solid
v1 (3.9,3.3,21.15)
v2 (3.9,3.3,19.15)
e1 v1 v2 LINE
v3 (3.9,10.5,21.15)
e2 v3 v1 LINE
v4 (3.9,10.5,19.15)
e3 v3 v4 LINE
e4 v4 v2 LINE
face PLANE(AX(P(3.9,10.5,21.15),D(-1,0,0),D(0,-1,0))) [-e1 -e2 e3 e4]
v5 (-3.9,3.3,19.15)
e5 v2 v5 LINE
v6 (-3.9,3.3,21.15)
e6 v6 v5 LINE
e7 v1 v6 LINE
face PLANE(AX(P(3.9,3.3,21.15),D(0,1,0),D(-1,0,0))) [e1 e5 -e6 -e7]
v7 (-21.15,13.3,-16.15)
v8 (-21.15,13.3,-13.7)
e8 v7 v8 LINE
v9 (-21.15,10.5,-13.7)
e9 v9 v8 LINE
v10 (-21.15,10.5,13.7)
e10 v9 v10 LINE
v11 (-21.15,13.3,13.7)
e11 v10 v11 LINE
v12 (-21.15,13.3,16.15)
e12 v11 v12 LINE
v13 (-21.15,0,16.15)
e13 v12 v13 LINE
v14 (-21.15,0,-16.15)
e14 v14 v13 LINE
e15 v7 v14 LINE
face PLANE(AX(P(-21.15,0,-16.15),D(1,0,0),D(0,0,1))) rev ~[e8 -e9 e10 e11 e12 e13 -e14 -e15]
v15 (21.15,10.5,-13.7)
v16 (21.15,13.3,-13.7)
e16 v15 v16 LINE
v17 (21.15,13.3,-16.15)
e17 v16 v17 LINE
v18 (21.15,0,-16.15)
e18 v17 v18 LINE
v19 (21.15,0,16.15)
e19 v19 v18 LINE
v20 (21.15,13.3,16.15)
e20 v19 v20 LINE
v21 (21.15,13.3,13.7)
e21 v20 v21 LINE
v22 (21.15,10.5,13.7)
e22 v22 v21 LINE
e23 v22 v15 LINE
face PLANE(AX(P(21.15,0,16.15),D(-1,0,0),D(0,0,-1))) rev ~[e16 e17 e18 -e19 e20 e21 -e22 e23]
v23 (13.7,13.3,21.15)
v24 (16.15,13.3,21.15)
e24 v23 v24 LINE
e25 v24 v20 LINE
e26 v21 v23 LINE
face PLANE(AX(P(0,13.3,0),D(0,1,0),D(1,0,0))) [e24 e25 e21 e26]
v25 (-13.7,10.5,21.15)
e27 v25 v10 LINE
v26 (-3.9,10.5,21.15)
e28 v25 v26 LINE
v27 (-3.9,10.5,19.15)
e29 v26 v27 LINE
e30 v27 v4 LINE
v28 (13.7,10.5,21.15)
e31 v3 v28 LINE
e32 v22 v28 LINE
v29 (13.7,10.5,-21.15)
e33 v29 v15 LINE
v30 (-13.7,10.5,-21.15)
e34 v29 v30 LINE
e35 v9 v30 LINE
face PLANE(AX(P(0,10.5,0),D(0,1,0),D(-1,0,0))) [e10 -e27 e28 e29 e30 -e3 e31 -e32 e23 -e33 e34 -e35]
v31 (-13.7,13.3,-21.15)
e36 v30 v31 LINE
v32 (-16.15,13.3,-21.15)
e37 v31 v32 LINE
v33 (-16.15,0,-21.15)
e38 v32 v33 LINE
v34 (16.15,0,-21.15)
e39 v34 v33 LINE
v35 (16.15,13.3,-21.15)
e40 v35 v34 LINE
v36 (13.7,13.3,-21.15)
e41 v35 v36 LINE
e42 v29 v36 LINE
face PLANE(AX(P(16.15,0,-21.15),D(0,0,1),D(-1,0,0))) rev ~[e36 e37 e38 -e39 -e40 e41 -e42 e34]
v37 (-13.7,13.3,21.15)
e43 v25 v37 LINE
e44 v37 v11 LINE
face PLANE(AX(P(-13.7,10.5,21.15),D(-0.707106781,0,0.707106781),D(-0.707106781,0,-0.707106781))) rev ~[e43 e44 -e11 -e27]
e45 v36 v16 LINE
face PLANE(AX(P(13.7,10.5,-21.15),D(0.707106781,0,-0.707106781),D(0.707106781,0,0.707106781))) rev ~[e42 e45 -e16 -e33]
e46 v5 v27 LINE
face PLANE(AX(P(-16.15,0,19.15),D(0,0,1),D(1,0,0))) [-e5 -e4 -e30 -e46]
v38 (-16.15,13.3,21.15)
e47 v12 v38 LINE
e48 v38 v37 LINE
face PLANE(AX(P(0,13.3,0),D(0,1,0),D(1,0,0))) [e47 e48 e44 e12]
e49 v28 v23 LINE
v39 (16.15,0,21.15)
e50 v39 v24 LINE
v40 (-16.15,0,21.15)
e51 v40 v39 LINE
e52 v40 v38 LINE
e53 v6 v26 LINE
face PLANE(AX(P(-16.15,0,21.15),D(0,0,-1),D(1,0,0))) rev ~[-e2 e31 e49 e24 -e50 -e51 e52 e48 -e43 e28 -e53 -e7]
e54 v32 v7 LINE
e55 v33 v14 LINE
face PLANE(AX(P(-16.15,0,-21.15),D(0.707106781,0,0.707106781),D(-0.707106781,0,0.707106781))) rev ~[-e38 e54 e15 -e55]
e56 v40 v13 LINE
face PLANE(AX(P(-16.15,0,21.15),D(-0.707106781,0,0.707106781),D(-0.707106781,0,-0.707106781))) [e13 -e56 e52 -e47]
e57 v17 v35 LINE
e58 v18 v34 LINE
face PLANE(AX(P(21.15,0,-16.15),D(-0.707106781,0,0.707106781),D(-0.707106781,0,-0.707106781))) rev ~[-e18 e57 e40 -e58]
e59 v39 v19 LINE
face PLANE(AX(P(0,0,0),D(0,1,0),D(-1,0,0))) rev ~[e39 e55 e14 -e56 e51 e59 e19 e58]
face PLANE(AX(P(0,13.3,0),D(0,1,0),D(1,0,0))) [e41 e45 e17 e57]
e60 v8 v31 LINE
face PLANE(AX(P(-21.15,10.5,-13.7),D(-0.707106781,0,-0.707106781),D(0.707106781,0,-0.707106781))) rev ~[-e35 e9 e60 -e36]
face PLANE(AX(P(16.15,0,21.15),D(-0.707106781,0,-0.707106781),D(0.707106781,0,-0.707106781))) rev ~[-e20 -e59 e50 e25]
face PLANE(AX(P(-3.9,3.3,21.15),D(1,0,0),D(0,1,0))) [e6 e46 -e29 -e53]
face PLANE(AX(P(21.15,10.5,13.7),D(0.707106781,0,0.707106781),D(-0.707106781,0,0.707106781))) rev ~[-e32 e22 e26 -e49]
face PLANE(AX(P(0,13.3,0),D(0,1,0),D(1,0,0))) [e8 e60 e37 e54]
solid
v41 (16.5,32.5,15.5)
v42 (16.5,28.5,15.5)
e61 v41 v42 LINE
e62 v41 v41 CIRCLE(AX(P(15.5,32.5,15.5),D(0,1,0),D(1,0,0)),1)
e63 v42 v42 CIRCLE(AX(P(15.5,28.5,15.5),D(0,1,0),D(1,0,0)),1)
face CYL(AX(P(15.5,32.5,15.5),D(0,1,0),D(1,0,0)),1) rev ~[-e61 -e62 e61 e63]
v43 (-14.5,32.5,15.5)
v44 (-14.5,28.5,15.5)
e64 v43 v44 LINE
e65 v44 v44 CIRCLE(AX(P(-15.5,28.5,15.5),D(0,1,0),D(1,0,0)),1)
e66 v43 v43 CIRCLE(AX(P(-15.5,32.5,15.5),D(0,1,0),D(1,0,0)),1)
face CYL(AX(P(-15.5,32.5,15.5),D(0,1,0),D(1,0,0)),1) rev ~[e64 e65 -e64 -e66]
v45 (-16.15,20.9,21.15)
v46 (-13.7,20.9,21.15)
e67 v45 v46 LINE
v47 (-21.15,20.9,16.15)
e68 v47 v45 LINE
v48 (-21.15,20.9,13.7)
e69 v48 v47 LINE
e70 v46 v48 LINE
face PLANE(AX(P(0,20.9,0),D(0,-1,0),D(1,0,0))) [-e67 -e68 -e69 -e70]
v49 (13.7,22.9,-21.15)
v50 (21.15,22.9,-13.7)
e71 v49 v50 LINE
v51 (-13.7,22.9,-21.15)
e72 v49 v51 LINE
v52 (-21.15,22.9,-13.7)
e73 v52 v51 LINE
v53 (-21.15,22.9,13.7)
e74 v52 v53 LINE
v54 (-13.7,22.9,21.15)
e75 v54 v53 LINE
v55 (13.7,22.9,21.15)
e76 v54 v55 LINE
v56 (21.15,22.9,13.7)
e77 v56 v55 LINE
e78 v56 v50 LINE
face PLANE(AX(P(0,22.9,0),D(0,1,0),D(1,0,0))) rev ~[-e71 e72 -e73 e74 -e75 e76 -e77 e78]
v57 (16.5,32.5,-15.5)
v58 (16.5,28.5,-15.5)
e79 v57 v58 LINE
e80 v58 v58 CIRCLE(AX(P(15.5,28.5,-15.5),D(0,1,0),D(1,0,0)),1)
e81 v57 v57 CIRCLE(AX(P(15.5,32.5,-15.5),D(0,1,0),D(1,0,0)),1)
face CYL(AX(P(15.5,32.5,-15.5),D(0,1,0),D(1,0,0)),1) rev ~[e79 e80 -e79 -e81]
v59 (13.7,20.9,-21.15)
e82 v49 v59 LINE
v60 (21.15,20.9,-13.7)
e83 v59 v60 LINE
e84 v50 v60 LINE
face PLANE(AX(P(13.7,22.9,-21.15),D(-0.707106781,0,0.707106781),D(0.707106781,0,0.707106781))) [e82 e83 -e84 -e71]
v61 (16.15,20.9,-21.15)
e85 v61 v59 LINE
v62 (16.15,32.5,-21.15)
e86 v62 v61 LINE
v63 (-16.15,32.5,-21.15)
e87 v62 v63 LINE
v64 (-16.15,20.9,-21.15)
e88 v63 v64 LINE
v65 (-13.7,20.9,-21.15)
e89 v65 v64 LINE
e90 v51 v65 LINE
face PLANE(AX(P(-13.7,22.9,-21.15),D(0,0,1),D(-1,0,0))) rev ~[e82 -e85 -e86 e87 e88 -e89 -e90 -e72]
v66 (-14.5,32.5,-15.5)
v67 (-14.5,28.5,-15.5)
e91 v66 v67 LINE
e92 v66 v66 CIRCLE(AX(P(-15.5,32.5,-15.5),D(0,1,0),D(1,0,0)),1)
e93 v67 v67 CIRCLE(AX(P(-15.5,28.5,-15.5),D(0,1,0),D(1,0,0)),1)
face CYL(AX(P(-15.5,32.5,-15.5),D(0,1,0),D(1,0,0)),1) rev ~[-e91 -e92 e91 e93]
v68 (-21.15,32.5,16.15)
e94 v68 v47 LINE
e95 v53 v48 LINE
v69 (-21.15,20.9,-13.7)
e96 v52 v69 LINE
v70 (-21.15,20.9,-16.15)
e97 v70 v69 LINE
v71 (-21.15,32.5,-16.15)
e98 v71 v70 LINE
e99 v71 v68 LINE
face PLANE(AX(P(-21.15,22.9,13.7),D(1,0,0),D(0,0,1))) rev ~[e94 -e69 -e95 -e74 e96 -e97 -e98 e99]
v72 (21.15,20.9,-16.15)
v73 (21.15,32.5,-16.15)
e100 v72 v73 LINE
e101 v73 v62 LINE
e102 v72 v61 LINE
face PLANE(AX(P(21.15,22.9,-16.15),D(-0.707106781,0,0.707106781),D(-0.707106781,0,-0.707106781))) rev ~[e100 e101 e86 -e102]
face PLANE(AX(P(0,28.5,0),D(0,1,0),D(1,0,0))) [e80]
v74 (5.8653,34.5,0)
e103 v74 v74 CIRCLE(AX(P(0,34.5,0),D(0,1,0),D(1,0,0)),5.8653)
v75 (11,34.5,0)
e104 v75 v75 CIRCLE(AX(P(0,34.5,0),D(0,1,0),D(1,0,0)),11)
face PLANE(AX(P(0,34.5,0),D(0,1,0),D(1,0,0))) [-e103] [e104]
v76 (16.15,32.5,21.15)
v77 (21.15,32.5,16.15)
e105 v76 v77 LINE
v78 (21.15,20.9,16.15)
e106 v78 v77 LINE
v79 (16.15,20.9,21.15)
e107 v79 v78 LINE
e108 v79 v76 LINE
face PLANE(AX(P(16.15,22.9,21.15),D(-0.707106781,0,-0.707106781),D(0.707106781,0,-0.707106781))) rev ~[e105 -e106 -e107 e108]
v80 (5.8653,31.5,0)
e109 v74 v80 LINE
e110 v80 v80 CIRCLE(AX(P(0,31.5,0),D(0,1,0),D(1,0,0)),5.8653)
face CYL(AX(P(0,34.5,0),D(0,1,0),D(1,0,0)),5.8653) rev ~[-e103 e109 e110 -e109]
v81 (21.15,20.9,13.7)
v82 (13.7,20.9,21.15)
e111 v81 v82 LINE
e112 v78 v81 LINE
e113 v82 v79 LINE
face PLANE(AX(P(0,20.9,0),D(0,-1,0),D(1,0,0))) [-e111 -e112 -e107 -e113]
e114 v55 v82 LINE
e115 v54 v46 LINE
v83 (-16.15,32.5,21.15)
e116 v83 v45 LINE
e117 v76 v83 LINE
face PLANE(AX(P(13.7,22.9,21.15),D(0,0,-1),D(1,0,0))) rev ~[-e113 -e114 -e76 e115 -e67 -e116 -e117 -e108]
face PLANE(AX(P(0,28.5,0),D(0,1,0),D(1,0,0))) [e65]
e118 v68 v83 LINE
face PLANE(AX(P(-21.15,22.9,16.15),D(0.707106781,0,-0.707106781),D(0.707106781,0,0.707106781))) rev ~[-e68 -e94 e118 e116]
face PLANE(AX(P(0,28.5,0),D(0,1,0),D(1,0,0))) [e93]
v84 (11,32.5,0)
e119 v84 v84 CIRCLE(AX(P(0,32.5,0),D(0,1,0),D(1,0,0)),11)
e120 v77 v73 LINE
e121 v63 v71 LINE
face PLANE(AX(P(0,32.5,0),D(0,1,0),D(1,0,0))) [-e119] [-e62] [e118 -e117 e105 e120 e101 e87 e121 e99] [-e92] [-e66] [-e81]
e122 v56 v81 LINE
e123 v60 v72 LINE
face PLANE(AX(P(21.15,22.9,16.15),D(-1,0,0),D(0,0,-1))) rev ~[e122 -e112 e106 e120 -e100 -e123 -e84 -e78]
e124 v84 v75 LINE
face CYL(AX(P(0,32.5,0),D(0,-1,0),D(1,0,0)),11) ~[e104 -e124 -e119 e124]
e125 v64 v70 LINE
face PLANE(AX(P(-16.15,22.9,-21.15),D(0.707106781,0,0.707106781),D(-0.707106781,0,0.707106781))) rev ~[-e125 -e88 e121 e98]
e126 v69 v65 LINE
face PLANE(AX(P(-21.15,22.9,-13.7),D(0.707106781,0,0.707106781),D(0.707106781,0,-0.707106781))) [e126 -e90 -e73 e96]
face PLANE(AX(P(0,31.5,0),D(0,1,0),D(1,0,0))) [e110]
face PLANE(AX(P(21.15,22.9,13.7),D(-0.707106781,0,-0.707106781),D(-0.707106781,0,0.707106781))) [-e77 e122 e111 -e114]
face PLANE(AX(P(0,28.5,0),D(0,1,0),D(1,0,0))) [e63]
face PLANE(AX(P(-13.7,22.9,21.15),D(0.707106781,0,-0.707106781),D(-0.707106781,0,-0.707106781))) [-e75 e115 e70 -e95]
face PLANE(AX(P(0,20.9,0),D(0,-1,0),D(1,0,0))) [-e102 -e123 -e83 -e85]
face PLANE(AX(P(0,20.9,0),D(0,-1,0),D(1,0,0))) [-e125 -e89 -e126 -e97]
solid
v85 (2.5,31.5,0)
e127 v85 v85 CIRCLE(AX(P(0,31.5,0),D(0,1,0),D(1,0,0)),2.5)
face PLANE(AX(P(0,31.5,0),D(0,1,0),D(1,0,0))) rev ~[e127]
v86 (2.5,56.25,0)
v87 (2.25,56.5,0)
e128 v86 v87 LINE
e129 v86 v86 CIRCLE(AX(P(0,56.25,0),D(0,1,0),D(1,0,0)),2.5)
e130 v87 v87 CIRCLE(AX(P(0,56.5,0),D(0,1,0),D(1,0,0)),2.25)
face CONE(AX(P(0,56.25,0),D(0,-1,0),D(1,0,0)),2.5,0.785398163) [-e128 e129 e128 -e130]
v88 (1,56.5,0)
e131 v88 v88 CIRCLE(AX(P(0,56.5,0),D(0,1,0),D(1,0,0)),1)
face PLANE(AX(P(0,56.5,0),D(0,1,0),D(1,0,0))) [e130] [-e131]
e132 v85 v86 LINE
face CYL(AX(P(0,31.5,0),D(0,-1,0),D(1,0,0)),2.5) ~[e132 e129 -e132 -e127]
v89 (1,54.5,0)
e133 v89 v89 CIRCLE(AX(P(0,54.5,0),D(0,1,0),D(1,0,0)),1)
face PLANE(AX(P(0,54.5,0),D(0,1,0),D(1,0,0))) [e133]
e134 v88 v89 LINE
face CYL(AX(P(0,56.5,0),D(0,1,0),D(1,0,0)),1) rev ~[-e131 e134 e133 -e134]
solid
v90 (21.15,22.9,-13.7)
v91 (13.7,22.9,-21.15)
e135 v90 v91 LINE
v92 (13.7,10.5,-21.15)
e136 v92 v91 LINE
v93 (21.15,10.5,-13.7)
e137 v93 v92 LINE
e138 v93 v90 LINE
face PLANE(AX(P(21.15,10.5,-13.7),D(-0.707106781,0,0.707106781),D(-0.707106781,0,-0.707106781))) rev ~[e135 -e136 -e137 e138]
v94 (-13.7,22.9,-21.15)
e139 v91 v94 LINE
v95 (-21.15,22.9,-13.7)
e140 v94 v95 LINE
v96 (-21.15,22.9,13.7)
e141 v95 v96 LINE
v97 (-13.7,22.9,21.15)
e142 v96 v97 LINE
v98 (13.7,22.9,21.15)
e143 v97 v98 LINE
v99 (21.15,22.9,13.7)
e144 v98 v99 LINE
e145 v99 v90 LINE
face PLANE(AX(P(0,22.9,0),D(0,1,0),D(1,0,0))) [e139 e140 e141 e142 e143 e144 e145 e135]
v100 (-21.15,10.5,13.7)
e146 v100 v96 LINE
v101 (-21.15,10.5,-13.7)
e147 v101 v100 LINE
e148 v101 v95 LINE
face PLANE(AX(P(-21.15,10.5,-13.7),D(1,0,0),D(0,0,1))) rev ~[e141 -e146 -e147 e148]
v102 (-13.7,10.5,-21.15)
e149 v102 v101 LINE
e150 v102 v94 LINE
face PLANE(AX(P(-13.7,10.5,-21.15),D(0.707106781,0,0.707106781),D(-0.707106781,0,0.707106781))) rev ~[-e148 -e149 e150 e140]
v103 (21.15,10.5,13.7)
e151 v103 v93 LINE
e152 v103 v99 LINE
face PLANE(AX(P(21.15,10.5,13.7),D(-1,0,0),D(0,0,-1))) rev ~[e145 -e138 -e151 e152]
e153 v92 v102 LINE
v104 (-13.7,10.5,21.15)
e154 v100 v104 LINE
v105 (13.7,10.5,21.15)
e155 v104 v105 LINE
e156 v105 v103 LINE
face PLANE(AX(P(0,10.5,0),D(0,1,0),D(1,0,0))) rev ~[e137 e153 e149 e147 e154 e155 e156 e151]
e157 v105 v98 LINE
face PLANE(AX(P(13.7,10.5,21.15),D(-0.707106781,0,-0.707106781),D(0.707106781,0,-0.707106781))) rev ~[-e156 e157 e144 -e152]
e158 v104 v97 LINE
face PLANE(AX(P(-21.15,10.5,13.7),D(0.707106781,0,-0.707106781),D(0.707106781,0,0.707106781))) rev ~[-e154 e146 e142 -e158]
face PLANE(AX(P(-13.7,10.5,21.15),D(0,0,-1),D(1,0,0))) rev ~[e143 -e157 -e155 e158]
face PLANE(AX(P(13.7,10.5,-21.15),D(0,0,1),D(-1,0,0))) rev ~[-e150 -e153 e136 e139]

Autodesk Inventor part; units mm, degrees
ref_plane "YZ Plane" through (0, 0, 0) normal (1, 0, 0) x (0, 1, 0)
ref_plane "XZ Plane" through (0, 0, 0) normal (0, 1, 0) x (-1, 0, 0)
ref_plane "XY Plane" through (0, 0, 0) normal (0, 0, 1) x (1, 0, 0)
sketch "captive_nut_mortises" plane through (0, 0, 0) normal (0, 0, 1) x (1, 0, 0)
  circle A0 centre (0, 0) radius 1.5
  line L0 (14, -2) -> (10, -2)
  line L1 (10, -2) -> (10, 2)
  line L2 (10, 2) -> (14, 2)
  line L3 (14, 2) -> (14, -2)
  line L4 (-10, -2) -> (-14, -2)
  line L5 (-14, -2) -> (-14, 2)
  line L6 (-14, 2) -> (-10, 2)
  line L7 (-10, 2) -> (-10, -2)
  line L8 (10, 0) -> (-10, 0) construction
  dimension "SCREW_HOLE_SIZE" = 3
  dimension "MORTISE_LENGTH" = 4
  dimension "MORTISE_WIDTH" = 4
  dimension "MORTISES_INTERVAL" = 20
sketch "captive_nut_tenons" plane through (0, 0, 0) normal (0, 0, 1) x (1, 0, 0)
  line L0 (-13.7959, 1.2254) -> (-9.7959, 1.2254)
  line L1 (-9.7959, 1.2254) -> (-9.7959, -2.7746)
  line L2 (-13.7959, -2.7746) -> (-13.7959, 1.2254)
  line L3 (10.2041, 1.2254) -> (14.2041, 1.2254)
  line L4 (14.2041, 1.2254) -> (14.2041, -2.7746)
  line L5 (10.2041, -2.7746) -> (10.2041, 1.2254)
  line L6 (-1.2959, -2.7746) -> (-1.2959, -10.2746)
  line L7 (-1.2959, -10.2746) -> (-2.7959, -10.2746)
  line L8 (-2.7959, -10.2746) -> (-2.7959, -13.2746)
  line L9 (-2.7959, -13.2746) -> (-1.2959, -13.2746)
  line L10 (-1.2959, -13.2746) -> (-1.2959, -14.7746)
  line L11 (-1.2959, -14.7746) -> (1.7041, -14.7746)
  line L12 (1.7041, -14.7746) -> (1.7041, -13.2746)
  line L13 (1.7041, -13.2746) -> (3.2041, -13.2746)
  line L14 (3.2041, -13.2746) -> (3.2041, -10.2746)
  line L15 (3.2041, -10.2746) -> (1.7041, -10.2746)
  line L16 (1.7041, -2.7746) -> (1.7041, -10.2746)
  line L17 (-9.7959, -2.7746) -> (-1.2959, -2.7746)
  line L18 (1.7041, -2.7746) -> (10.2041, -2.7746)
  point P0 (3.4972, 2.1027)
  dimension "TENONS_INTERVAL" = 20
  dimension "TENON_LENGTH" = 4
  dimension "TENON_WIDTH" = 4
  dimension "SCREW_SIZE" = 3
  dimension "SCREW_LENGTH" = 12
  dimension "NUT_THICKNESS" = 3
  dimension "NUT_DEPTH" = 7.5
  dimension "NUT_WIDTH" = 6
sketch "Sketch3" plane through (0, 0, 0) normal (0, 1, 0) x (-1, 0, 0)
  line L0 (16.15, 21.15) -> (-16.15, 21.15)
  line L1 (-21.15, 16.15) -> (-21.15, -16.15)
  line L2 (-16.15, -21.15) -> (16.15, -21.15)
  line L3 (21.15, -16.15) -> (21.15, 16.15)
  line L4 (26.9622, 0) -> (-36.6505, 0) construction
  line L5 (0, 25.1398) -> (0, -25.5601) construction
  line L6 (16.15, 21.15) -> (21.15, 16.15)
  line L7 (-21.15, -16.15) -> (-16.15, -21.15)
  line L8 (16.15, -21.15) -> (21.15, -16.15)
  line L9 (-16.15, 21.15) -> (-21.15, 16.15)
  point P0 (0, 0)
  point P1 (21.15, 21.15)
  point P2 (-21.15, -21.15)
  point P3 (-21.15, 21.15)
  point P4 (21.15, -21.15)
  point P5 (0, 0)
  dimension "d13" = 42.3
  dimension "d14" = 42.3
  dimension "d15" = 5
  dimension "d16" = 5
  dimension "d17" = 5
  dimension "d18" = 5
  dimension "d19" = 5
  dimension "d20" = 5
  dimension "d21" = 5
  dimension "d22" = 5
extrude "Extrusion1" add sketch "Sketch3" along normal blind 10.5
sketch "Sketch5" plane through (0, 10.5, 0) normal (0, 1, 0) x (1, 0, 0)
  line L0 (-21.15, -16.15) -> (-16.15, -21.15)
  line L1 (-21.15, -16.15) -> (-16.15, -21.15) projected
  line L2 (-16.15, -21.15) -> (-13.7, -21.15)
  line L3 (-13.7, -21.15) -> (-21.15, -13.7)
  line L4 (-21.15, -13.7) -> (-21.15, -16.15)
  line L5 (16.15, -21.15) -> (21.15, -16.15)
  line L6 (21.15, -16.15) -> (21.15, -13.7)
  line L7 (21.15, -13.7) -> (13.7, -21.15)
  line L8 (13.7, -21.15) -> (16.15, -21.15)
  line L9 (21.15, 16.15) -> (16.15, 21.15)
  line L10 (16.15, 21.15) -> (13.7, 21.15)
  line L11 (13.7, 21.15) -> (21.15, 13.7)
  line L12 (21.15, 13.7) -> (21.15, 16.15)
  line L13 (-16.15, 21.15) -> (-21.15, 16.15)
  line L14 (-21.15, 16.15) -> (-21.15, 13.7)
  line L15 (-21.15, 13.7) -> (-13.7, 21.15)
  line L16 (-13.7, 21.15) -> (-16.15, 21.15)
  point P0 (0, 0)
  dimension "d29" = 2.45
  dimension "d30" = 2.45
  dimension "d33" = 360
extrude "Extrusion2" add sketch "Sketch5" along normal blind 2.8
sketch "Sketch6" plane through (0, 10.5, 0) normal (0, 1, 0) x (1, 0, 0)
  line L0 (21.15, 13.7) -> (13.7, 21.15) projected
  line L1 (13.7, 21.15) -> (-13.7, 21.15) projected
  line L2 (-13.7, 21.15) -> (-21.15, 13.7) projected
  line L3 (-21.15, 13.7) -> (-21.15, -13.7) projected
  line L4 (-21.15, -13.7) -> (-13.7, -21.15) projected
  line L5 (-13.7, -21.15) -> (13.7, -21.15) projected
  line L6 (13.7, -21.15) -> (21.15, -13.7) projected
  line L7 (21.15, -13.7) -> (21.15, 13.7) projected
  point P0 (0, 0)
extrude "Extrusion3" add sketch "Sketch6" along normal blind 12.4 separate body
sketch "Sketch7" plane through (0, 22.9, 0) normal (0, 1, 0) x (1, 0, 0)
  line L0 (16.15, -21.15) -> (21.15, -16.15) projected
  line L1 (13.7, -21.15) -> (16.15, -21.15) projected
  line L2 (-13.7, -21.15) -> (13.7, -21.15) projected
  line L3 (-16.15, -21.15) -> (-13.7, -21.15) projected
  line L4 (-21.15, -16.15) -> (-16.15, -21.15) projected
  line L5 (-21.15, -13.7) -> (-21.15, -16.15) projected
  line L6 (-21.15, 13.7) -> (-21.15, -13.7) projected
  line L7 (-21.15, 16.15) -> (-21.15, 13.7) projected
  line L8 (-16.15, 21.15) -> (-21.15, 16.15) projected
  line L9 (13.7, 21.15) -> (-13.7, 21.15) projected
  line L10 (-13.7, 21.15) -> (-16.15, 21.15) projected
  line L11 (16.15, 21.15) -> (13.7, 21.15) projected
  line L12 (21.15, 16.15) -> (16.15, 21.15) projected
  line L13 (21.15, -13.7) -> (21.15, 13.7) projected
  line L14 (21.15, 13.7) -> (21.15, 16.15) projected
  line L15 (21.15, -16.15) -> (21.15, -13.7) projected
  point P0 (0, 0)
extrude "Extrusion4" add sketch "Sketch7" along normal blind 9.6 separate body
sketch "Sketch8" plane through (0, 22.9, 0) normal (0, -1, 0) x (1, 0, 0)
  line L0 (16.15, 21.15) -> (21.15, 16.15) projected
  line L1 (21.15, 16.15) -> (21.15, 13.7) projected
  line L2 (21.15, 13.7) -> (13.7, 21.15) projected
  line L3 (13.7, 21.15) -> (16.15, 21.15) projected
  line L4 (-21.15, 16.15) -> (-16.15, 21.15) projected
  line L5 (-16.15, 21.15) -> (-13.7, 21.15) projected
  line L6 (-13.7, 21.15) -> (-21.15, 13.7) projected
  line L7 (-21.15, 13.7) -> (-21.15, 16.15) projected
  line L8 (-16.15, -21.15) -> (-21.15, -16.15) projected
  line L9 (-21.15, -16.15) -> (-21.15, -13.7) projected
  line L10 (-21.15, -13.7) -> (-13.7, -21.15) projected
  line L11 (-13.7, -21.15) -> (-16.15, -21.15) projected
  line L12 (21.15, -16.15) -> (16.15, -21.15) projected
  line L13 (16.15, -21.15) -> (13.7, -21.15) projected
  line L14 (13.7, -21.15) -> (21.15, -13.7) projected
  line L15 (21.15, -13.7) -> (21.15, -16.15) projected
  point P0 (0, 0)
extrude "Extrusion5" add sketch "Sketch8" along normal blind 2 bodies 3
sketch "Sketch9" plane through (-16.15, 0, 21.15) normal (0, 0, 1) x (1, 0, 0)
  line L0 (32.3, 0) -> (0, 0) projected
  line L1 (12.25, 10.5) -> (20.05, 10.5)
  line L2 (20.05, 10.5) -> (20.05, 3.3)
  line L3 (20.05, 3.3) -> (12.25, 3.3)
  line L4 (12.25, 3.3) -> (12.25, 10.5)
  line L5 (2.45, 10.5) -> (29.85, 10.5) projected
  point P0 (16.15, 0)
  dimension "d43" = 7.8
  dimension "d44" = 3.9
  dimension "d45" = 7.2
extrude "Extrusion6" cut sketch "Sketch9" against normal blind 2 bodies 1
sketch "Sketch10" plane through (0, 32.5, 0) normal (0, 1, 0) x (1, 0, 0)
  circle A0 centre (15.5, 15.5) radius 1
  circle A1 centre (-15.5, 15.5) radius 1
  circle A2 centre (-15.5, -15.5) radius 1
  circle A3 centre (15.5, -15.5) radius 1
  point P0 (0, 0)
  dimension "d48" = 2
  dimension "d49" = 15.5
  dimension "d50" = 15.5
  dimension "d53" = 360
extrude "Extrusion7" cut sketch "Sketch10" against normal blind 4 bodies 3
sketch "Sketch11" plane through (0, 32.5, 0) normal (0, 1, 0) x (1, 0, 0)
  circle A0 centre (0, 0) radius 11
  dimension "d57" = 22
extrude "Extrusion8" add sketch "Sketch11" along normal blind 2 bodies 3
sketch "Sketch12" plane through (0, 34.5, 0) normal (0, 1, 0) x (1, 0, 0)
  circle A0 centre (0, 0) radius 5.8653
extrude "Extrusion9" cut sketch "Sketch12" against normal blind 3 bodies 3
sketch "Sketch13" plane through (0, 31.5, 0) normal (0, 1, 0) x (1, 0, 0)
  circle A0 centre (0, 0) radius 2.5
  dimension "d62" = 5
extrude "Extrusion10" add sketch "Sketch13" along normal blind 25 separate body
chamfer "Chamfer1" distance 0.25 angle 45 1 edges at (-2.5, 56.5, 0)
sketch "Sketch14" plane through (0, 56.5, 0) normal (0, 1, 0) x (1, 0, 0)
  circle A0 centre (0, 0) radius 1
  dimension "d68" = 2
extrude "Extrusion11" cut sketch "Sketch14" against normal blind 2 bodies 4
equation "\"d16\" = d15"
equation "\"d17\" = d15"
equation "\"d18\" = d17"
equation "\"d19\" = d15"
equation "\"d20\" = d19"
equation "\"d21\" = d15"
equation "\"d22\" = d21"
equation "\"d50\" = d49"
equation "\"NUT_DEPTH\" = SCREW_LENGTH - 1.5 * NUT_THICKNESS"
properties part number "NEMA17"
